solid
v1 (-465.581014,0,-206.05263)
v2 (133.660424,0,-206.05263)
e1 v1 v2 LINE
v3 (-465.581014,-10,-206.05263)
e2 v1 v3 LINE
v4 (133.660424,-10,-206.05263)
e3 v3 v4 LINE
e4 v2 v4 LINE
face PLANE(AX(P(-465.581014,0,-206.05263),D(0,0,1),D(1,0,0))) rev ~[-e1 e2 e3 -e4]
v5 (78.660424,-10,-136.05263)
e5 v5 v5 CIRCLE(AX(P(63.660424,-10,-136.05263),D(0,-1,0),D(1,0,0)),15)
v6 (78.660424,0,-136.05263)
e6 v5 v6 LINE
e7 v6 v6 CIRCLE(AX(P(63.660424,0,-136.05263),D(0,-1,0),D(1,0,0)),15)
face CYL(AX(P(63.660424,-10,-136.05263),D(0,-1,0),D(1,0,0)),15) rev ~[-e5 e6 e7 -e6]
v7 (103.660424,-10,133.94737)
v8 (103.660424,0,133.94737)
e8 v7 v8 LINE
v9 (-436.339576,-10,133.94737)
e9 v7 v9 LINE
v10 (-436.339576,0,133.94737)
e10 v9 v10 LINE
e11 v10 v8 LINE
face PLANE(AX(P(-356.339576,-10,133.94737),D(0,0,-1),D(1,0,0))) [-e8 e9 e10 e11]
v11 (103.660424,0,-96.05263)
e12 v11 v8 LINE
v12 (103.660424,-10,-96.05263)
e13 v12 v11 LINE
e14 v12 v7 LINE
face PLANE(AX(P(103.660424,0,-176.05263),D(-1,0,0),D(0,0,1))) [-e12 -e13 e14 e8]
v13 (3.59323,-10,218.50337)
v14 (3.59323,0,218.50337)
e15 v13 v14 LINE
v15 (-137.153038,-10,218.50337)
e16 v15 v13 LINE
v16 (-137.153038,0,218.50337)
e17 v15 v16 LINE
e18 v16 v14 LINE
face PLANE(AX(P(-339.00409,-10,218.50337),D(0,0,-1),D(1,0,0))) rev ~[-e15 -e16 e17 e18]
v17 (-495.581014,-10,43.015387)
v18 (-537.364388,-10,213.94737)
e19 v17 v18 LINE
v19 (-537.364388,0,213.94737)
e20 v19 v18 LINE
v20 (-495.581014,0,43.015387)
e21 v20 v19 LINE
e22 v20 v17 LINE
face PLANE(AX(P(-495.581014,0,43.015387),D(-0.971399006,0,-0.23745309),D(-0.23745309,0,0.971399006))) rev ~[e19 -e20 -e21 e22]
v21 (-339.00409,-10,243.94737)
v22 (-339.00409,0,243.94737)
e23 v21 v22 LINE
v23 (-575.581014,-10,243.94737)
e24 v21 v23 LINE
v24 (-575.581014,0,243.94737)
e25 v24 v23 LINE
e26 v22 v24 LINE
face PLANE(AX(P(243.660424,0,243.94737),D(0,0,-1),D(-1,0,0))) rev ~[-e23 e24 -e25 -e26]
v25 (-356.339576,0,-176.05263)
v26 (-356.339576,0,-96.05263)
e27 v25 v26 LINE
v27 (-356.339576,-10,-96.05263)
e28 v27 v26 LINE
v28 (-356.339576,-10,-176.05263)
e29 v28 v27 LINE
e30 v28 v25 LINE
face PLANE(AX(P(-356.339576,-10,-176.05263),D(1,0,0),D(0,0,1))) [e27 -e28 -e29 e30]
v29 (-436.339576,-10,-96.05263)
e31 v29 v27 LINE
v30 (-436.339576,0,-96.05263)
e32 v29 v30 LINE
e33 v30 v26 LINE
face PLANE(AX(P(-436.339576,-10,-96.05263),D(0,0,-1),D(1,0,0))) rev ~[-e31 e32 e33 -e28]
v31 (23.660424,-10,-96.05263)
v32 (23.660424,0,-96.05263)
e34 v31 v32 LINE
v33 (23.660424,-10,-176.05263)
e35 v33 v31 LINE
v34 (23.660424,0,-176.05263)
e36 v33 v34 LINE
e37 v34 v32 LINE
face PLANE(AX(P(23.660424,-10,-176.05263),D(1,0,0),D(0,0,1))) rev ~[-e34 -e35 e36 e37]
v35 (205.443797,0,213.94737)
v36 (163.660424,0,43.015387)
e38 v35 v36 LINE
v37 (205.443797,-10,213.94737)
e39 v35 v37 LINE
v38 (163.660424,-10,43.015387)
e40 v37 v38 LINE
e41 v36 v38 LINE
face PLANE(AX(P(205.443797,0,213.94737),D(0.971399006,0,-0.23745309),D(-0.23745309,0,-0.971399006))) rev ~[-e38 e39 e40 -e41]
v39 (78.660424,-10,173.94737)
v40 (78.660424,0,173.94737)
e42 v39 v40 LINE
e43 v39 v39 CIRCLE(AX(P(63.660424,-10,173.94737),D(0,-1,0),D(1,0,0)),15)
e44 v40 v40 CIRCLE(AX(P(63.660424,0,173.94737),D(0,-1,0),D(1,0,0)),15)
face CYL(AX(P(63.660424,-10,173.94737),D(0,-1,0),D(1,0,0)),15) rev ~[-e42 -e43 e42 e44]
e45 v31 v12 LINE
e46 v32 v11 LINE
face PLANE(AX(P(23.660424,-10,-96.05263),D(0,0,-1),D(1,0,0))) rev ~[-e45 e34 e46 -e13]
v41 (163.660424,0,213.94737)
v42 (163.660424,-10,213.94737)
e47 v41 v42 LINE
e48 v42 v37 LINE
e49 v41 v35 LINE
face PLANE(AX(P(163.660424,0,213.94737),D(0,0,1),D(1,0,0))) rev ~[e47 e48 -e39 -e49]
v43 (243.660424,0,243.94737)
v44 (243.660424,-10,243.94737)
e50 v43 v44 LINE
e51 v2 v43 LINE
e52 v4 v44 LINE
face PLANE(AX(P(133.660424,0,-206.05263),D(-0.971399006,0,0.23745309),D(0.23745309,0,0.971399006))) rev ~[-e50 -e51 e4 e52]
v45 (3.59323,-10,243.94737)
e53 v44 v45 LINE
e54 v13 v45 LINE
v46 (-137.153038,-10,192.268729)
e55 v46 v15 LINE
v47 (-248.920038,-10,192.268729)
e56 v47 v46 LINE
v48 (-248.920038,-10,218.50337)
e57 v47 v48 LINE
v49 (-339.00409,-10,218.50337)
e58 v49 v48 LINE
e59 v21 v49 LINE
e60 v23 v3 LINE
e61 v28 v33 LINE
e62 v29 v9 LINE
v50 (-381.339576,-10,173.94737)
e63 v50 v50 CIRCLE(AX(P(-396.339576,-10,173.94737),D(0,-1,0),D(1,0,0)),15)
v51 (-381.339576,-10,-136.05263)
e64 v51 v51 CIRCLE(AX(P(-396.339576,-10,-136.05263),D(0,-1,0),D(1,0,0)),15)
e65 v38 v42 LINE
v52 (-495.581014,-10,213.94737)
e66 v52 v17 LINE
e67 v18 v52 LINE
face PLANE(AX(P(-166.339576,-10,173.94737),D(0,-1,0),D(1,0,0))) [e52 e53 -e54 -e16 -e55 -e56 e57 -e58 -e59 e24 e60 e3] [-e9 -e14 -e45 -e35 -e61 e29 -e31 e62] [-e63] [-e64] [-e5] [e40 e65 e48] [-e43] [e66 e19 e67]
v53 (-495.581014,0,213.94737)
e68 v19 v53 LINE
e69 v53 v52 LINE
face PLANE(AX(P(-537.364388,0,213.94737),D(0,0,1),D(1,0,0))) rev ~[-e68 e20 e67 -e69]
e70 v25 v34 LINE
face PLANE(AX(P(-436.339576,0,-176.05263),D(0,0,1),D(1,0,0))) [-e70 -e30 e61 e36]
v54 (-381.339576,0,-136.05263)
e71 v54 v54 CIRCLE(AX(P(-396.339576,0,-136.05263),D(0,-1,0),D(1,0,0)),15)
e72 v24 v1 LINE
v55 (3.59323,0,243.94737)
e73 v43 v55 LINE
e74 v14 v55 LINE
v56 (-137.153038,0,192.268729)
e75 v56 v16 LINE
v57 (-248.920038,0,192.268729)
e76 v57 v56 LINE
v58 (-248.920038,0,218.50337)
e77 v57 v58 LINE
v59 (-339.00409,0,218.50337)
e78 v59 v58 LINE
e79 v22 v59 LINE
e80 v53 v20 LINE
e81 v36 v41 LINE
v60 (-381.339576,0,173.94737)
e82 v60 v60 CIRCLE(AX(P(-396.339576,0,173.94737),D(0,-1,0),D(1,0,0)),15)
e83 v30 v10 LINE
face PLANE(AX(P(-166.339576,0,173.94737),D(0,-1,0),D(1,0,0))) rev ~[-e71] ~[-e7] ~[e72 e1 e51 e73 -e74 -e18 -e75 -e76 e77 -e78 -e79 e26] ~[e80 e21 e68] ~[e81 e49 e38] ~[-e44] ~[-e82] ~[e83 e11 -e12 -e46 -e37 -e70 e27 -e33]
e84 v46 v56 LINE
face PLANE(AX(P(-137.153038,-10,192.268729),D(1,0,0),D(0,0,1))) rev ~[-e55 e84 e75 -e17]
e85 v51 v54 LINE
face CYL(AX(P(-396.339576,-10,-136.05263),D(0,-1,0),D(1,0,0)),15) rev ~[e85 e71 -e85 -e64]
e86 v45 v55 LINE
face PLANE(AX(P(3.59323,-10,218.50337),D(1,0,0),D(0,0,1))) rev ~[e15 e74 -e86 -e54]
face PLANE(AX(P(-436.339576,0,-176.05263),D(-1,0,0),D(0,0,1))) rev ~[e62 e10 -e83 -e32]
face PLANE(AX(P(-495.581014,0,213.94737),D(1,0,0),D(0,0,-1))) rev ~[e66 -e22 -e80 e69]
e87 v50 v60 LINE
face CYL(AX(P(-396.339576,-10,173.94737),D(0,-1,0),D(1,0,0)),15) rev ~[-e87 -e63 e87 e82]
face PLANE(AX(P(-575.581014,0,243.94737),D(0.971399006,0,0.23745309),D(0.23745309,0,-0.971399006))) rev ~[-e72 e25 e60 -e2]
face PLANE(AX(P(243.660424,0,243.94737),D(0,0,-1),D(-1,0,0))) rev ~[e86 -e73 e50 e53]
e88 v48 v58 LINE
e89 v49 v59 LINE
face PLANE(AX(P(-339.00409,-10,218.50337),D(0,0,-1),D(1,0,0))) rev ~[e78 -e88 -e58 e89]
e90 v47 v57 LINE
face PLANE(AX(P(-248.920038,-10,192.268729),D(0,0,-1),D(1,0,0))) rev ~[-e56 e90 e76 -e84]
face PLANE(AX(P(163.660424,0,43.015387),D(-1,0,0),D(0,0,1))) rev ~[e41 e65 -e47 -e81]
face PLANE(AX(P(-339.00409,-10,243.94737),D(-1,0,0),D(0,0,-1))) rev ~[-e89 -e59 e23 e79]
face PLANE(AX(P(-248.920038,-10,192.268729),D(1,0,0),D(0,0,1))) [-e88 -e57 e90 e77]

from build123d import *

# Parameters (mm, degrees)
F0_W     = 540
F0_H     = 390
F1_DEPTH = 10
F2_W     = 80
F2_H     = 80
F2_R     = 15
F3_DEPTH = 10
F5_W     = 380
F5_H     = 80
F6_DEPTH = 10
F7_DEPTH = 25
F8_W     = 111.767
F8_H     = 26.2346411405
F9_DEPTH = 25


with BuildPart() as f1:
    # F0 (on Front) → F1 (new body)
    with BuildSketch(Plane.XZ):
        Polygon((-575.5810141563, 243.9473703504), (-465.5810141563, -206.0526296496), (133.660423523, -206.0526296496), (243.660423523, 243.9473703504), (133.660423523, 243.9473703504), (-465.5810141563, 243.9473703504), align=None)
        with Locations((-166.339576477, 18.9473703504)):
            Rectangle(F0_W, F0_H, mode=Mode.SUBTRACT)
        Polygon((-495.5810141563, 43.0153865893), (-537.3643879646, 213.9473703504), (-495.5810141563, 213.9473703504), align=None, mode=Mode.SUBTRACT)
        Polygon((163.660423523, 213.9473703504), (205.4437973313, 213.9473703504), (163.660423523, 43.0153865893), align=None, mode=Mode.SUBTRACT)
    extrude(amount=F1_DEPTH)

    # F2 (on face) → F3 (join)
    with BuildSketch(Plane.XZ.offset(10)):
        with Locations((-396.339576477, 173.9473703504)):
            Rectangle(F2_W, F2_H)
        with Locations((-396.339576477, 173.9473703504)):
            Circle(F2_R, mode=Mode.SUBTRACT)
        with Locations((63.660423523, 173.9473703504)):
            Rectangle(F2_W, F2_H)
        with Locations((63.660423523, 173.9473703504)):
            Circle(F2_R, mode=Mode.SUBTRACT)
        with Locations((63.660423523, -136.0526296496)):
            Rectangle(F2_W, F2_H)
        with Locations((63.660423523, -136.0526296496)):
            Circle(F2_R, mode=Mode.SUBTRACT)
        with Locations((-396.339576477, -136.0526296496)):
            Rectangle(F2_W, F2_H)
        with Locations((-396.339576477, -136.0526296496)):
            Circle(F2_R, mode=Mode.SUBTRACT)
    extrude(amount=-F3_DEPTH)

    # F5 (on face) → F6 (join)
    with BuildSketch(Plane.XZ.offset(10)):
        with Locations((-166.339576477, 173.9473703504)):
            Rectangle(F5_W, F5_H)
    extrude(amount=-F6_DEPTH)

    # F4 (on face) → F7 (cut)
    with BuildSketch(Plane.XZ.offset(10)):
        Polygon((3.5932296524, 243.9473703504), (-339.0040903476, 243.9473703504), (-339.0040903476, 218.5033703504), (-286.9719266891, 218.5033703504), (3.5932296524, 218.5033703504), align=None)
    extrude(amount=-F7_DEPTH, mode=Mode.SUBTRACT)

    # F8 (on face) → F9 (cut)
    with BuildSketch(Plane.XZ.offset(10)):
        with Locations((-193.0365383425, 205.3860497801)):
            Rectangle(F8_W, F8_H)
    extrude(amount=-F9_DEPTH, mode=Mode.SUBTRACT)


solid = f1.part
